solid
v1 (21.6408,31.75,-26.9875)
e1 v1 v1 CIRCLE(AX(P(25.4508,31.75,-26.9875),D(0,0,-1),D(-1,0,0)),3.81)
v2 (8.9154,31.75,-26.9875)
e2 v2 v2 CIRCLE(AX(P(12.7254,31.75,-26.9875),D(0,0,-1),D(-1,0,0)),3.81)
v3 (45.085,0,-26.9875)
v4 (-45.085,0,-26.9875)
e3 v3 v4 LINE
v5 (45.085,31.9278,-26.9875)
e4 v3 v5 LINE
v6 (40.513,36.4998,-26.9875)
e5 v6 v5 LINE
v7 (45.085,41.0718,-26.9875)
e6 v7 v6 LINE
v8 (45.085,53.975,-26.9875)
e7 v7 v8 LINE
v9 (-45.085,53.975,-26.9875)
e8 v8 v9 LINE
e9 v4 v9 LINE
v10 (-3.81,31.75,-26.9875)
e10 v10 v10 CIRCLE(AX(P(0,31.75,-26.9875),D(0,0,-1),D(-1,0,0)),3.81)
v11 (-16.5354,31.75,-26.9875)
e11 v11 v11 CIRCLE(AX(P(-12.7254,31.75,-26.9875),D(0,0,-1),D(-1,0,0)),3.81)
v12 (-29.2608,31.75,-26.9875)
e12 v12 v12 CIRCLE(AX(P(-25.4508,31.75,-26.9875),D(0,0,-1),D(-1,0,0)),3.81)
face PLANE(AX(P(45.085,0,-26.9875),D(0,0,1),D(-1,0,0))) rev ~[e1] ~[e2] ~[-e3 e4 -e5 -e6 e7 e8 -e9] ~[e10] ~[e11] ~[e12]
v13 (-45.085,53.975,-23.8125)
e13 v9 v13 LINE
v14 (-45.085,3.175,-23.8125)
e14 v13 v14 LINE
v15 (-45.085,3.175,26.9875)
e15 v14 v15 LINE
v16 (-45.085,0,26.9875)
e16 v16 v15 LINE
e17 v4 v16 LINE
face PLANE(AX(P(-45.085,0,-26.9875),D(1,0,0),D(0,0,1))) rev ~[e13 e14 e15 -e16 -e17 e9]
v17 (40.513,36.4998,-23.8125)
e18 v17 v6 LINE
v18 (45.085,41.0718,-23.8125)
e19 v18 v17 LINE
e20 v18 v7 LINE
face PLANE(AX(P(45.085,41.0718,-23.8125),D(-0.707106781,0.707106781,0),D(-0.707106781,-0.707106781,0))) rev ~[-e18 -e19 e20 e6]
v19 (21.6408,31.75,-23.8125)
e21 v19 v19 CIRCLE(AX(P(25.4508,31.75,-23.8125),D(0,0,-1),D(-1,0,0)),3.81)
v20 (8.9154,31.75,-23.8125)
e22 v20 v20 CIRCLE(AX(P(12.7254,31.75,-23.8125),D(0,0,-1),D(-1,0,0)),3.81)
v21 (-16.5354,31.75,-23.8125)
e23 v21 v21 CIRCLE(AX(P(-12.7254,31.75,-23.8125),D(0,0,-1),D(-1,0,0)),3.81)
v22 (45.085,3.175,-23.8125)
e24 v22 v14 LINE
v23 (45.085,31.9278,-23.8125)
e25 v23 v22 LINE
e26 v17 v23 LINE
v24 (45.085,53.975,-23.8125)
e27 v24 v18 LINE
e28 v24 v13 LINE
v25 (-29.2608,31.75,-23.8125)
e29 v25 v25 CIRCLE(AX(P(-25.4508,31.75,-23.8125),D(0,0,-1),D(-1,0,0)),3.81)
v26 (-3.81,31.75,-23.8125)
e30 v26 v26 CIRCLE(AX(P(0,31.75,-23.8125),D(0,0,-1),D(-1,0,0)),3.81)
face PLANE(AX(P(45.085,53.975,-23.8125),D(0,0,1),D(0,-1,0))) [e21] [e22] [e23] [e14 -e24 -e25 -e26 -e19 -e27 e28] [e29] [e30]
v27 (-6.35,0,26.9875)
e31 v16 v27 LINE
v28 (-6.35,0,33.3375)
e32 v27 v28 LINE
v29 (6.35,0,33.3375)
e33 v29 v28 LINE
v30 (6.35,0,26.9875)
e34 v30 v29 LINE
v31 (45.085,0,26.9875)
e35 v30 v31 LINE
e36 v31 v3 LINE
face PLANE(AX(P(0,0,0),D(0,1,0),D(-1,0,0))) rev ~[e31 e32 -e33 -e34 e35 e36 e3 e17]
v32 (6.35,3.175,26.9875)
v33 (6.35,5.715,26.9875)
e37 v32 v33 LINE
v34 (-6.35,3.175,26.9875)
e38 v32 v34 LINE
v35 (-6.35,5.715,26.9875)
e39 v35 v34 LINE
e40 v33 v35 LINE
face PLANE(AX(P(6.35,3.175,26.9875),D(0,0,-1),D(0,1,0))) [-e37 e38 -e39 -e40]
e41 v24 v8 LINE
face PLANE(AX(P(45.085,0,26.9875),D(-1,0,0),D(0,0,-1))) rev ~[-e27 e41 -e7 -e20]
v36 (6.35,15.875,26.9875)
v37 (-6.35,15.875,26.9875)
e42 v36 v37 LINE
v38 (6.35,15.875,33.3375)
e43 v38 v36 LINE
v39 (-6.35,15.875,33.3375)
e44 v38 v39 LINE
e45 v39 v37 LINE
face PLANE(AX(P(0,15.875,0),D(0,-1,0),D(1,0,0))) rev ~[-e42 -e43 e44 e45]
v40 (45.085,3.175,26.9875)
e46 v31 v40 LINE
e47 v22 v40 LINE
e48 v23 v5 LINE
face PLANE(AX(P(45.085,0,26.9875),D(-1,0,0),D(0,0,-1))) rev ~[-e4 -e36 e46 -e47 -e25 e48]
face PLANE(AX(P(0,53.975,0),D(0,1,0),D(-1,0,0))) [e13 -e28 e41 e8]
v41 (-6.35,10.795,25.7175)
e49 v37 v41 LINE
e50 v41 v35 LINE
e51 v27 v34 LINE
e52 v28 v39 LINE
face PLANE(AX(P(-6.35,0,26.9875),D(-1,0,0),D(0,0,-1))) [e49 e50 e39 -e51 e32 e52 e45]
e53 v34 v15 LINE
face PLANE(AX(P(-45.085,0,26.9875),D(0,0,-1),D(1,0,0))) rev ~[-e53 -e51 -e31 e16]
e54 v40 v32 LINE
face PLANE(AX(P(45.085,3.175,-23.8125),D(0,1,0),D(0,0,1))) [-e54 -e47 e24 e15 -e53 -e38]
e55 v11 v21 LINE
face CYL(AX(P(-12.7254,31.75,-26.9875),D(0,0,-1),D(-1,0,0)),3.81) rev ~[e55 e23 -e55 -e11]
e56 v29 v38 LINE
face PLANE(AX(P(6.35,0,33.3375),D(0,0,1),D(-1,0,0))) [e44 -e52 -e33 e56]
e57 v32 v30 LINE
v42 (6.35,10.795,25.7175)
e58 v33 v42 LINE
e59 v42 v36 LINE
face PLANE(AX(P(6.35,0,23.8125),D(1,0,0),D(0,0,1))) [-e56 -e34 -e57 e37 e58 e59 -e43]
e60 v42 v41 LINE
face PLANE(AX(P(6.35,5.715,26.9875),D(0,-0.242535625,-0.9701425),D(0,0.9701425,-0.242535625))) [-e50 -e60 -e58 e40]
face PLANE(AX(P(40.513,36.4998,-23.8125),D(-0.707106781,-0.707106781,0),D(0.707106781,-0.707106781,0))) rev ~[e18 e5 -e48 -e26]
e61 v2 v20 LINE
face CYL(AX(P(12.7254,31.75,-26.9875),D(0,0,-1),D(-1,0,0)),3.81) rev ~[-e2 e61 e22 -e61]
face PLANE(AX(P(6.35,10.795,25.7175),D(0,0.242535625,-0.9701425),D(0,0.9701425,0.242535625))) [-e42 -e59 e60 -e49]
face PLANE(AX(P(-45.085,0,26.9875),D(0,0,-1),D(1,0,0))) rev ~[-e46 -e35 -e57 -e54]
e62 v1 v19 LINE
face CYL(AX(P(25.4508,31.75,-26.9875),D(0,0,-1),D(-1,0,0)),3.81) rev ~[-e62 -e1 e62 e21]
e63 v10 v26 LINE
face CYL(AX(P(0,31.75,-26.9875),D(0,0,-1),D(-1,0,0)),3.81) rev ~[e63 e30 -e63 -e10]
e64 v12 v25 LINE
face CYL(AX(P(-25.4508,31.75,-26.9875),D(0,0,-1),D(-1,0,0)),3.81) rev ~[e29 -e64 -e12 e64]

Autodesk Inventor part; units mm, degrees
ref_plane "YZ Plane" through (0, 0, 0) normal (1, 0, 0) x (0, 1, 0)
ref_plane "XZ Plane" through (0, 0, 0) normal (0, 1, 0) x (-1, 0, 0)
ref_plane "XY Plane" through (0, 0, 0) normal (0, 0, 1) x (1, 0, 0)
sketch "Sketch1" plane through (0, 0, 0) normal (0, 1, 0) x (-1, 0, 0)
  line L0 (45.085, 26.9875) -> (-45.085, 26.9875)
  line L1 (-45.085, 26.9875) -> (-45.085, -26.9875)
  line L2 (-45.085, -26.9875) -> (45.085, -26.9875)
  line L3 (45.085, -26.9875) -> (45.085, 26.9875)
  point P0 (0, 0)
  dimension "d0" = 90.17
  dimension "d1" = 45.085
  dimension "d2" = 53.975
  dimension "d3" = 26.9875
extrude "Extrusion1" add sketch "Sketch1" along normal blind 53.975
sketch "Sketch2" plane through (45.085, 0, 26.9875) normal (1, 0, 0) x (0, 0, -1)
  line L0 (0, 53.975) -> (53.975, 53.975) projected
  line L1 (0, 53.975) -> (50.8, 53.975)
  line L2 (50.8, 53.975) -> (50.8, 3.175)
  line L3 (50.8, 3.175) -> (0, 3.175)
  line L4 (0, 3.175) -> (0, 53.975)
  line L5 (0, 0) -> (53.975, 0) projected
  line L6 (53.975, 0) -> (53.975, 53.975) projected
  point P0 (26.9875, 0)
  dimension "d6" = 3.175
  dimension "d7" = 3.175
extrude "Extrusion2" cut sketch "Sketch2" against normal through all
sketch "Sketch3" plane through (0, 0, 0) normal (0, -1, 0) x (1, 0, 0)
  line L0 (-6.35, 23.8125) -> (6.35, 23.8125)
  line L1 (6.35, 23.8125) -> (6.35, 33.3375)
  line L2 (6.35, 33.3375) -> (-6.35, 33.3375)
  line L3 (-6.35, 33.3375) -> (-6.35, 23.8125)
  line L4 (1.9102, 23.8125) -> (1.9102, 26.9875) construction
  line L5 (-45.085, 26.9875) -> (45.085, 26.9875) projected
  point P0 (0, 0)
  dimension "d10" = 12.7
  dimension "d11" = 9.525
  dimension "d12" = 3.175
  dimension "d13" = 6.35
extrude "Extrusion3" add sketch "Sketch3" against normal blind 15.875
sketch "Sketch4" plane through (6.35, 0, 33.3375) normal (1, 0, 0) x (0, 0, -1)
  line L0 (9.525, 3.175) -> (6.35, 3.175) projected
  line L1 (9.525, 3.175) -> (9.525, 15.875) projected
  line L2 (0, 15.875) -> (9.525, 15.875) projected
  line L3 (6.35, 0) -> (6.35, 3.175) projected
  line L4 (6.35, 3.175) -> (6.35, 5.715)
  line L5 (6.35, 5.715) -> (6.35, 15.875) construction
  line L6 (6.35, 5.715) -> (7.62, 10.795)
  line L7 (7.62, 10.795) -> (6.35, 15.875)
  point P0 (33.3375, 0)
  dimension "d19" = 1.27
  dimension "d20" = 10.16
extrude "Extrusion4" cut sketch "Sketch4" against normal blind 15.875
sketch "Sketch5" plane through (45.085, 0, -26.9875) normal (0, 0, -1) x (-1, 0, 0)
  line L0 (19.6342, 31.75) -> (32.3596, 31.75) construction
  line L1 (32.3596, 31.75) -> (45.085, 31.75) construction
  line L2 (45.085, 31.75) -> (57.8104, 31.75) construction
  line L3 (57.8104, 31.75) -> (70.5358, 31.75) construction
  circle A0 centre (19.6342, 31.75) radius 3.81
  circle A1 centre (32.3596, 31.75) radius 3.81
  circle A2 centre (45.085, 31.75) radius 3.81
  circle A3 centre (57.8104, 31.75) radius 3.81
  circle A4 centre (70.5358, 31.75) radius 3.81
  line L4 (19.6342, 31.75) -> (5.2747, 31.75) construction
  line L5 (70.5358, 31.75) -> (84.8953, 31.75) construction
  line L6 (0, 53.975) -> (90.17, 53.975) projected
  point P0 (45.085, 0)
  point P1 (86.995, 3.175)
  point P2 (3.175, 3.175)
  dimension "d23" = 12.7254
  dimension "d24" = 7.62
  dimension "d26" = 22.225
extrude "Extrusion5" cut sketch "Sketch5" against normal blind 15.875
sketch "Sketch6" plane through (45.085, 3.175, -23.8125) normal (0, 0, 1) x (1, 0, 0)
  line L0 (0, 37.8968) -> (-4.572, 33.3248)
  line L1 (-4.572, 33.3248) -> (0, 28.7528)
  line L2 (0, 50.8) -> (-90.17, 50.8) projected
  line L3 (0, 37.8968) -> (0, 50.8)
  line L4 (0, 28.7528) -> (0, 25.3386)
  line L5 (0, 50.8) -> (0, 0) projected
  point P0 (-45.085, -3.175)
  dimension "d31" = 12.9032
  dimension "d32" = 45
  dimension "d33" = 45
  dimension "d35" = 4.572
extrude "Extrusion6" cut sketch "Sketch6" against normal blind 25.4
equation "\"d1\" = 0.5 * d0"
equation "\"d3\" = 0.5 * d2"
equation "\"d13\" = 0.5 * d10"
properties part number "PCB_Case02B"
